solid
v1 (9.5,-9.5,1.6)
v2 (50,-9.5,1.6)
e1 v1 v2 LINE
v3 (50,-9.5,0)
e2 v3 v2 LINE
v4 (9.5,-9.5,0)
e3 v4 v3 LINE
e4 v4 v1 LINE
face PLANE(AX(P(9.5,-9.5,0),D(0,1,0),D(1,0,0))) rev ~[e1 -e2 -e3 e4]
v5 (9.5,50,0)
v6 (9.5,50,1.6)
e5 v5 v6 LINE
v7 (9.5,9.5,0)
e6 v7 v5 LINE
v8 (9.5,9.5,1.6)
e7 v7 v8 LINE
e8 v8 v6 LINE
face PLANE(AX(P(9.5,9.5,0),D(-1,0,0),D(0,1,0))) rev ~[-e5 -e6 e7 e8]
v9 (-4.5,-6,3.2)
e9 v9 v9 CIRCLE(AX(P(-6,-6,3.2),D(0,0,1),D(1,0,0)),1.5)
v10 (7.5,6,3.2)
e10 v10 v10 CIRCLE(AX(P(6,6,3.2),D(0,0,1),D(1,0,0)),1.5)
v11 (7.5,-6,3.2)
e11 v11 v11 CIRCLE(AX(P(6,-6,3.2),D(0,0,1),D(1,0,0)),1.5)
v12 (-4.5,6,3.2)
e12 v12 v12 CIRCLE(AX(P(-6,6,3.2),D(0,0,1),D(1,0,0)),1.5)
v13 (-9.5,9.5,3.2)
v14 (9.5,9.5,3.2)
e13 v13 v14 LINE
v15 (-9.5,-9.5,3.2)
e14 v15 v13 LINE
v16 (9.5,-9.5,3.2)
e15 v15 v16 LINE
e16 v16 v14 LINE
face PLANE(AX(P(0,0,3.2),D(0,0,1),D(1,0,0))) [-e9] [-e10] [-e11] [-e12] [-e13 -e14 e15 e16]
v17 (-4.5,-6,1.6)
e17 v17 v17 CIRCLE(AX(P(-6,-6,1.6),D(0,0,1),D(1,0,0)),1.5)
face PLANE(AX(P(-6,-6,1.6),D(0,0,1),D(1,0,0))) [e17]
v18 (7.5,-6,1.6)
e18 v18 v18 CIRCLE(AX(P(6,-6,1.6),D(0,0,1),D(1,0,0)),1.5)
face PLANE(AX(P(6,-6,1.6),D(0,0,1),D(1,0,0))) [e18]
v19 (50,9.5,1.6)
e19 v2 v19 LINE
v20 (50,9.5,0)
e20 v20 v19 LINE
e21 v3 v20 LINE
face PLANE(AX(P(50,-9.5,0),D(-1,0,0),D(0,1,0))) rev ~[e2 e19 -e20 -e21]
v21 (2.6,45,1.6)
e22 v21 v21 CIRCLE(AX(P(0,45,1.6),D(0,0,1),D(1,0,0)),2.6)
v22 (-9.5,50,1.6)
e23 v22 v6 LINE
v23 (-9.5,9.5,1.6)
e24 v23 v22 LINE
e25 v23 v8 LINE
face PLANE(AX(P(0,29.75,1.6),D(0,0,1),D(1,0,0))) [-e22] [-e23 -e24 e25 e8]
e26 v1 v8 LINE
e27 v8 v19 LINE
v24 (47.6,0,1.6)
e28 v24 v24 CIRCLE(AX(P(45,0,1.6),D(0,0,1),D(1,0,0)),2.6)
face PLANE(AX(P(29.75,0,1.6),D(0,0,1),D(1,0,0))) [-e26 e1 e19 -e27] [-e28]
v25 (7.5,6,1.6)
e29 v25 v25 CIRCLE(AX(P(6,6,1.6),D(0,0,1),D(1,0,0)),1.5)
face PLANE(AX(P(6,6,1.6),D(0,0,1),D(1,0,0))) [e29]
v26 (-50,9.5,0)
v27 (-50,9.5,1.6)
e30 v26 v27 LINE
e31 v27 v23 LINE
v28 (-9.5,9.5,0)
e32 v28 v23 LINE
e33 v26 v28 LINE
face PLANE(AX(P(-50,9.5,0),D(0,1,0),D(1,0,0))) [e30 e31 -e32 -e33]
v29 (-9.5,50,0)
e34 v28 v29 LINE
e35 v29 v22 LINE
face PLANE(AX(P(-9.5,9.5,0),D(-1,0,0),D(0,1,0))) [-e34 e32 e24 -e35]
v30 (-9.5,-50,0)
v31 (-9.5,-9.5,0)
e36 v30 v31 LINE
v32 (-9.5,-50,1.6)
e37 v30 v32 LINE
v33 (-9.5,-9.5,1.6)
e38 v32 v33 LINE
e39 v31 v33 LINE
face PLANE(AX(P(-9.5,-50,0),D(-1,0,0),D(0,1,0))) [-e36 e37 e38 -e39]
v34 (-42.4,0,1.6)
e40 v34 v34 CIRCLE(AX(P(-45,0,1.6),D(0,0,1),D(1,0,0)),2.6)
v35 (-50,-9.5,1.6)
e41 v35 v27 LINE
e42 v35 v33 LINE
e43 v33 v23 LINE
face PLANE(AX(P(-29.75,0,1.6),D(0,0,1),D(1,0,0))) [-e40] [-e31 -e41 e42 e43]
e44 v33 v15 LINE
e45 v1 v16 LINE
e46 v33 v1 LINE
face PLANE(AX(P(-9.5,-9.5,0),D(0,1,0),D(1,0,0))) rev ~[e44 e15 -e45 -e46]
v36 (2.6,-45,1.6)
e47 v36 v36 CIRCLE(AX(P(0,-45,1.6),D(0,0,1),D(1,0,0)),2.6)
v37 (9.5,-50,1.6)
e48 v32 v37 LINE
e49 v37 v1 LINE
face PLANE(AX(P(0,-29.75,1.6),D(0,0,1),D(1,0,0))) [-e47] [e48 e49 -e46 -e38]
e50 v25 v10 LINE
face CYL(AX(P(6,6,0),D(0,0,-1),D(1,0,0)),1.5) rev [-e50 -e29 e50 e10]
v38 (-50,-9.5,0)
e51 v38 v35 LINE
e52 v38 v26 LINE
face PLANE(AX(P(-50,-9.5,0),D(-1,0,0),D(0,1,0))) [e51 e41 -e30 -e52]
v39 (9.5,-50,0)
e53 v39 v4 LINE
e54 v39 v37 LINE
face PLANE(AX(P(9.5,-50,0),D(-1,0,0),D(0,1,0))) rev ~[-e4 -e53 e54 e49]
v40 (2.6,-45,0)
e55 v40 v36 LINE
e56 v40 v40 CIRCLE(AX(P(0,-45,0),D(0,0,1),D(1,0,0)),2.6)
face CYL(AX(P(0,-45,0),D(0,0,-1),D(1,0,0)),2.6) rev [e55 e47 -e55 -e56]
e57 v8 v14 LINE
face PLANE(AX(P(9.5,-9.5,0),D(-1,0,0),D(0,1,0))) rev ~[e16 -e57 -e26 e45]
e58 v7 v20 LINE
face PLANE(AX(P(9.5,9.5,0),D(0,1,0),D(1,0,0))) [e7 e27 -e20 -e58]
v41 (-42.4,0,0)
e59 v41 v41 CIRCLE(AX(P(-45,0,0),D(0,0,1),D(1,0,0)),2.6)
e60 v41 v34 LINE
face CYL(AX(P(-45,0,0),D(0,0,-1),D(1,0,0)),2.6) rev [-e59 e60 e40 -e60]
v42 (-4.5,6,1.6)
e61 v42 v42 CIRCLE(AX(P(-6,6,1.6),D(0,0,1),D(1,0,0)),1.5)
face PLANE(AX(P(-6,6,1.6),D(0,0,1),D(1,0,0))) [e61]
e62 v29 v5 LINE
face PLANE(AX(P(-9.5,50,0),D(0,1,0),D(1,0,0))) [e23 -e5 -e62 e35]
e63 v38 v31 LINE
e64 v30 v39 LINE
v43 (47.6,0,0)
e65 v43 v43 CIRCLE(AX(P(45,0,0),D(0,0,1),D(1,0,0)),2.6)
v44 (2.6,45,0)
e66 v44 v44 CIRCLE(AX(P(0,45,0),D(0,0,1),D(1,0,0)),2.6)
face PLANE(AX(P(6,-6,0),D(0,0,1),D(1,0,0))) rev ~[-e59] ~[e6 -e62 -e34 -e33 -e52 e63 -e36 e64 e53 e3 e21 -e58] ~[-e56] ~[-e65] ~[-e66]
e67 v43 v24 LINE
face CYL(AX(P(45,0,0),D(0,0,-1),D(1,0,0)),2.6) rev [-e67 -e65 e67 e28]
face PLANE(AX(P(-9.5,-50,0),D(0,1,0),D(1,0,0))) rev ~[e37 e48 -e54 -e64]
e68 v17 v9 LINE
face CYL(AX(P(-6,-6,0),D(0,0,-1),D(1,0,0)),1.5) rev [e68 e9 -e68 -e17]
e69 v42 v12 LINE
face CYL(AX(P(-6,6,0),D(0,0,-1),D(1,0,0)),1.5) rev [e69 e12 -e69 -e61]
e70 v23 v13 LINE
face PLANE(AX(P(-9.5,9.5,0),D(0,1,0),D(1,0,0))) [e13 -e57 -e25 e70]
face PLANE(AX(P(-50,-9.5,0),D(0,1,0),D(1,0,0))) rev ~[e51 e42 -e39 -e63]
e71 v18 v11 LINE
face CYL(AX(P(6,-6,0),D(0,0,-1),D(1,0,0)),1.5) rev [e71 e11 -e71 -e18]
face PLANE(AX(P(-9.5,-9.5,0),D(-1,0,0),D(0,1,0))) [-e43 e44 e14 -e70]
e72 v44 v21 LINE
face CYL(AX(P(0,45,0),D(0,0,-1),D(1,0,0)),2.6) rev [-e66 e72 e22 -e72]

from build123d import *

# Parameters (mm, degrees)
F0_W     = 40.5
F0_H     = 19
F0_R     = 2.6
F1_DEPTH = 1.6
F0_W_2   = 19
F0_H_2   = 40.5
F0_R_2   = 1.5
F2_DEPTH = 3.2
F3_DEPTH = 1.6


with BuildPart() as f1:
    # F0 (on Top) → F1 (new body)
    with BuildSketch(Plane.XY):
        with Locations((-29.75, 0)):
            Rectangle(F0_W, F0_H)
        with Locations((-45, 0)):
            Circle(F0_R, mode=Mode.SUBTRACT)
    extrude(amount=F1_DEPTH)



with BuildPart() as f1b:
    # F0 (on Top) → F1, piece 2 (new body)
    with BuildSketch(Plane.XY):
        with Locations((0, 29.75)):
            Rectangle(F0_W_2, F0_H_2)
        with Locations((0, 45)):
            Circle(F0_R, mode=Mode.SUBTRACT)
    extrude(amount=F1_DEPTH)


with BuildPart() as f1c:
    # F0 (on Top) → F1, piece 3 (new body)
    with BuildSketch(Plane.XY):
        with Locations((29.75, 0)):
            Rectangle(F0_W, F0_H)
        with Locations((45, 0)):
            Circle(F0_R, mode=Mode.SUBTRACT)
    extrude(amount=F1_DEPTH)


with BuildPart() as f1d:
    # F0 (on Top) → F1, piece 4 (new body)
    with BuildSketch(Plane.XY):
        with Locations((0, -29.75)):
            Rectangle(F0_W_2, F0_H_2)
        with Locations((0, -45)):
            Circle(F0_R, mode=Mode.SUBTRACT)
    extrude(amount=F1_DEPTH)


with BuildPart() as f1_1:
    add(f1.part)

    add(f1b.part)  # F2 merges F1b

    add(f1c.part)  # F2 merges F1c

    add(f1d.part)  # F2 merges F1d
    # F0 (on Top) → F2 (join)
    with BuildSketch(Plane.XY):
        Rectangle(F0_W_2, F0_H)
        with Locations((-6, -6)):
            Circle(F0_R_2, mode=Mode.SUBTRACT)
        with Locations((6, -6)):
            Circle(F0_R_2, mode=Mode.SUBTRACT)
        with Locations((-6, 6)):
            Circle(F0_R_2, mode=Mode.SUBTRACT)
        with Locations((6, 6)):
            Circle(F0_R_2, mode=Mode.SUBTRACT)
    extrude(amount=F2_DEPTH)

    # F0 (on Top) → F3 (join)
    with BuildSketch(Plane.XY):
        with Locations((6, -6)):
            Circle(F0_R_2)
        with Locations((6, 6)):
            Circle(F0_R_2)
        with Locations((-6, 6)):
            Circle(F0_R_2)
        with Locations((-6, -6)):
            Circle(F0_R_2)
    extrude(amount=F3_DEPTH)


solid = f1_1.part
